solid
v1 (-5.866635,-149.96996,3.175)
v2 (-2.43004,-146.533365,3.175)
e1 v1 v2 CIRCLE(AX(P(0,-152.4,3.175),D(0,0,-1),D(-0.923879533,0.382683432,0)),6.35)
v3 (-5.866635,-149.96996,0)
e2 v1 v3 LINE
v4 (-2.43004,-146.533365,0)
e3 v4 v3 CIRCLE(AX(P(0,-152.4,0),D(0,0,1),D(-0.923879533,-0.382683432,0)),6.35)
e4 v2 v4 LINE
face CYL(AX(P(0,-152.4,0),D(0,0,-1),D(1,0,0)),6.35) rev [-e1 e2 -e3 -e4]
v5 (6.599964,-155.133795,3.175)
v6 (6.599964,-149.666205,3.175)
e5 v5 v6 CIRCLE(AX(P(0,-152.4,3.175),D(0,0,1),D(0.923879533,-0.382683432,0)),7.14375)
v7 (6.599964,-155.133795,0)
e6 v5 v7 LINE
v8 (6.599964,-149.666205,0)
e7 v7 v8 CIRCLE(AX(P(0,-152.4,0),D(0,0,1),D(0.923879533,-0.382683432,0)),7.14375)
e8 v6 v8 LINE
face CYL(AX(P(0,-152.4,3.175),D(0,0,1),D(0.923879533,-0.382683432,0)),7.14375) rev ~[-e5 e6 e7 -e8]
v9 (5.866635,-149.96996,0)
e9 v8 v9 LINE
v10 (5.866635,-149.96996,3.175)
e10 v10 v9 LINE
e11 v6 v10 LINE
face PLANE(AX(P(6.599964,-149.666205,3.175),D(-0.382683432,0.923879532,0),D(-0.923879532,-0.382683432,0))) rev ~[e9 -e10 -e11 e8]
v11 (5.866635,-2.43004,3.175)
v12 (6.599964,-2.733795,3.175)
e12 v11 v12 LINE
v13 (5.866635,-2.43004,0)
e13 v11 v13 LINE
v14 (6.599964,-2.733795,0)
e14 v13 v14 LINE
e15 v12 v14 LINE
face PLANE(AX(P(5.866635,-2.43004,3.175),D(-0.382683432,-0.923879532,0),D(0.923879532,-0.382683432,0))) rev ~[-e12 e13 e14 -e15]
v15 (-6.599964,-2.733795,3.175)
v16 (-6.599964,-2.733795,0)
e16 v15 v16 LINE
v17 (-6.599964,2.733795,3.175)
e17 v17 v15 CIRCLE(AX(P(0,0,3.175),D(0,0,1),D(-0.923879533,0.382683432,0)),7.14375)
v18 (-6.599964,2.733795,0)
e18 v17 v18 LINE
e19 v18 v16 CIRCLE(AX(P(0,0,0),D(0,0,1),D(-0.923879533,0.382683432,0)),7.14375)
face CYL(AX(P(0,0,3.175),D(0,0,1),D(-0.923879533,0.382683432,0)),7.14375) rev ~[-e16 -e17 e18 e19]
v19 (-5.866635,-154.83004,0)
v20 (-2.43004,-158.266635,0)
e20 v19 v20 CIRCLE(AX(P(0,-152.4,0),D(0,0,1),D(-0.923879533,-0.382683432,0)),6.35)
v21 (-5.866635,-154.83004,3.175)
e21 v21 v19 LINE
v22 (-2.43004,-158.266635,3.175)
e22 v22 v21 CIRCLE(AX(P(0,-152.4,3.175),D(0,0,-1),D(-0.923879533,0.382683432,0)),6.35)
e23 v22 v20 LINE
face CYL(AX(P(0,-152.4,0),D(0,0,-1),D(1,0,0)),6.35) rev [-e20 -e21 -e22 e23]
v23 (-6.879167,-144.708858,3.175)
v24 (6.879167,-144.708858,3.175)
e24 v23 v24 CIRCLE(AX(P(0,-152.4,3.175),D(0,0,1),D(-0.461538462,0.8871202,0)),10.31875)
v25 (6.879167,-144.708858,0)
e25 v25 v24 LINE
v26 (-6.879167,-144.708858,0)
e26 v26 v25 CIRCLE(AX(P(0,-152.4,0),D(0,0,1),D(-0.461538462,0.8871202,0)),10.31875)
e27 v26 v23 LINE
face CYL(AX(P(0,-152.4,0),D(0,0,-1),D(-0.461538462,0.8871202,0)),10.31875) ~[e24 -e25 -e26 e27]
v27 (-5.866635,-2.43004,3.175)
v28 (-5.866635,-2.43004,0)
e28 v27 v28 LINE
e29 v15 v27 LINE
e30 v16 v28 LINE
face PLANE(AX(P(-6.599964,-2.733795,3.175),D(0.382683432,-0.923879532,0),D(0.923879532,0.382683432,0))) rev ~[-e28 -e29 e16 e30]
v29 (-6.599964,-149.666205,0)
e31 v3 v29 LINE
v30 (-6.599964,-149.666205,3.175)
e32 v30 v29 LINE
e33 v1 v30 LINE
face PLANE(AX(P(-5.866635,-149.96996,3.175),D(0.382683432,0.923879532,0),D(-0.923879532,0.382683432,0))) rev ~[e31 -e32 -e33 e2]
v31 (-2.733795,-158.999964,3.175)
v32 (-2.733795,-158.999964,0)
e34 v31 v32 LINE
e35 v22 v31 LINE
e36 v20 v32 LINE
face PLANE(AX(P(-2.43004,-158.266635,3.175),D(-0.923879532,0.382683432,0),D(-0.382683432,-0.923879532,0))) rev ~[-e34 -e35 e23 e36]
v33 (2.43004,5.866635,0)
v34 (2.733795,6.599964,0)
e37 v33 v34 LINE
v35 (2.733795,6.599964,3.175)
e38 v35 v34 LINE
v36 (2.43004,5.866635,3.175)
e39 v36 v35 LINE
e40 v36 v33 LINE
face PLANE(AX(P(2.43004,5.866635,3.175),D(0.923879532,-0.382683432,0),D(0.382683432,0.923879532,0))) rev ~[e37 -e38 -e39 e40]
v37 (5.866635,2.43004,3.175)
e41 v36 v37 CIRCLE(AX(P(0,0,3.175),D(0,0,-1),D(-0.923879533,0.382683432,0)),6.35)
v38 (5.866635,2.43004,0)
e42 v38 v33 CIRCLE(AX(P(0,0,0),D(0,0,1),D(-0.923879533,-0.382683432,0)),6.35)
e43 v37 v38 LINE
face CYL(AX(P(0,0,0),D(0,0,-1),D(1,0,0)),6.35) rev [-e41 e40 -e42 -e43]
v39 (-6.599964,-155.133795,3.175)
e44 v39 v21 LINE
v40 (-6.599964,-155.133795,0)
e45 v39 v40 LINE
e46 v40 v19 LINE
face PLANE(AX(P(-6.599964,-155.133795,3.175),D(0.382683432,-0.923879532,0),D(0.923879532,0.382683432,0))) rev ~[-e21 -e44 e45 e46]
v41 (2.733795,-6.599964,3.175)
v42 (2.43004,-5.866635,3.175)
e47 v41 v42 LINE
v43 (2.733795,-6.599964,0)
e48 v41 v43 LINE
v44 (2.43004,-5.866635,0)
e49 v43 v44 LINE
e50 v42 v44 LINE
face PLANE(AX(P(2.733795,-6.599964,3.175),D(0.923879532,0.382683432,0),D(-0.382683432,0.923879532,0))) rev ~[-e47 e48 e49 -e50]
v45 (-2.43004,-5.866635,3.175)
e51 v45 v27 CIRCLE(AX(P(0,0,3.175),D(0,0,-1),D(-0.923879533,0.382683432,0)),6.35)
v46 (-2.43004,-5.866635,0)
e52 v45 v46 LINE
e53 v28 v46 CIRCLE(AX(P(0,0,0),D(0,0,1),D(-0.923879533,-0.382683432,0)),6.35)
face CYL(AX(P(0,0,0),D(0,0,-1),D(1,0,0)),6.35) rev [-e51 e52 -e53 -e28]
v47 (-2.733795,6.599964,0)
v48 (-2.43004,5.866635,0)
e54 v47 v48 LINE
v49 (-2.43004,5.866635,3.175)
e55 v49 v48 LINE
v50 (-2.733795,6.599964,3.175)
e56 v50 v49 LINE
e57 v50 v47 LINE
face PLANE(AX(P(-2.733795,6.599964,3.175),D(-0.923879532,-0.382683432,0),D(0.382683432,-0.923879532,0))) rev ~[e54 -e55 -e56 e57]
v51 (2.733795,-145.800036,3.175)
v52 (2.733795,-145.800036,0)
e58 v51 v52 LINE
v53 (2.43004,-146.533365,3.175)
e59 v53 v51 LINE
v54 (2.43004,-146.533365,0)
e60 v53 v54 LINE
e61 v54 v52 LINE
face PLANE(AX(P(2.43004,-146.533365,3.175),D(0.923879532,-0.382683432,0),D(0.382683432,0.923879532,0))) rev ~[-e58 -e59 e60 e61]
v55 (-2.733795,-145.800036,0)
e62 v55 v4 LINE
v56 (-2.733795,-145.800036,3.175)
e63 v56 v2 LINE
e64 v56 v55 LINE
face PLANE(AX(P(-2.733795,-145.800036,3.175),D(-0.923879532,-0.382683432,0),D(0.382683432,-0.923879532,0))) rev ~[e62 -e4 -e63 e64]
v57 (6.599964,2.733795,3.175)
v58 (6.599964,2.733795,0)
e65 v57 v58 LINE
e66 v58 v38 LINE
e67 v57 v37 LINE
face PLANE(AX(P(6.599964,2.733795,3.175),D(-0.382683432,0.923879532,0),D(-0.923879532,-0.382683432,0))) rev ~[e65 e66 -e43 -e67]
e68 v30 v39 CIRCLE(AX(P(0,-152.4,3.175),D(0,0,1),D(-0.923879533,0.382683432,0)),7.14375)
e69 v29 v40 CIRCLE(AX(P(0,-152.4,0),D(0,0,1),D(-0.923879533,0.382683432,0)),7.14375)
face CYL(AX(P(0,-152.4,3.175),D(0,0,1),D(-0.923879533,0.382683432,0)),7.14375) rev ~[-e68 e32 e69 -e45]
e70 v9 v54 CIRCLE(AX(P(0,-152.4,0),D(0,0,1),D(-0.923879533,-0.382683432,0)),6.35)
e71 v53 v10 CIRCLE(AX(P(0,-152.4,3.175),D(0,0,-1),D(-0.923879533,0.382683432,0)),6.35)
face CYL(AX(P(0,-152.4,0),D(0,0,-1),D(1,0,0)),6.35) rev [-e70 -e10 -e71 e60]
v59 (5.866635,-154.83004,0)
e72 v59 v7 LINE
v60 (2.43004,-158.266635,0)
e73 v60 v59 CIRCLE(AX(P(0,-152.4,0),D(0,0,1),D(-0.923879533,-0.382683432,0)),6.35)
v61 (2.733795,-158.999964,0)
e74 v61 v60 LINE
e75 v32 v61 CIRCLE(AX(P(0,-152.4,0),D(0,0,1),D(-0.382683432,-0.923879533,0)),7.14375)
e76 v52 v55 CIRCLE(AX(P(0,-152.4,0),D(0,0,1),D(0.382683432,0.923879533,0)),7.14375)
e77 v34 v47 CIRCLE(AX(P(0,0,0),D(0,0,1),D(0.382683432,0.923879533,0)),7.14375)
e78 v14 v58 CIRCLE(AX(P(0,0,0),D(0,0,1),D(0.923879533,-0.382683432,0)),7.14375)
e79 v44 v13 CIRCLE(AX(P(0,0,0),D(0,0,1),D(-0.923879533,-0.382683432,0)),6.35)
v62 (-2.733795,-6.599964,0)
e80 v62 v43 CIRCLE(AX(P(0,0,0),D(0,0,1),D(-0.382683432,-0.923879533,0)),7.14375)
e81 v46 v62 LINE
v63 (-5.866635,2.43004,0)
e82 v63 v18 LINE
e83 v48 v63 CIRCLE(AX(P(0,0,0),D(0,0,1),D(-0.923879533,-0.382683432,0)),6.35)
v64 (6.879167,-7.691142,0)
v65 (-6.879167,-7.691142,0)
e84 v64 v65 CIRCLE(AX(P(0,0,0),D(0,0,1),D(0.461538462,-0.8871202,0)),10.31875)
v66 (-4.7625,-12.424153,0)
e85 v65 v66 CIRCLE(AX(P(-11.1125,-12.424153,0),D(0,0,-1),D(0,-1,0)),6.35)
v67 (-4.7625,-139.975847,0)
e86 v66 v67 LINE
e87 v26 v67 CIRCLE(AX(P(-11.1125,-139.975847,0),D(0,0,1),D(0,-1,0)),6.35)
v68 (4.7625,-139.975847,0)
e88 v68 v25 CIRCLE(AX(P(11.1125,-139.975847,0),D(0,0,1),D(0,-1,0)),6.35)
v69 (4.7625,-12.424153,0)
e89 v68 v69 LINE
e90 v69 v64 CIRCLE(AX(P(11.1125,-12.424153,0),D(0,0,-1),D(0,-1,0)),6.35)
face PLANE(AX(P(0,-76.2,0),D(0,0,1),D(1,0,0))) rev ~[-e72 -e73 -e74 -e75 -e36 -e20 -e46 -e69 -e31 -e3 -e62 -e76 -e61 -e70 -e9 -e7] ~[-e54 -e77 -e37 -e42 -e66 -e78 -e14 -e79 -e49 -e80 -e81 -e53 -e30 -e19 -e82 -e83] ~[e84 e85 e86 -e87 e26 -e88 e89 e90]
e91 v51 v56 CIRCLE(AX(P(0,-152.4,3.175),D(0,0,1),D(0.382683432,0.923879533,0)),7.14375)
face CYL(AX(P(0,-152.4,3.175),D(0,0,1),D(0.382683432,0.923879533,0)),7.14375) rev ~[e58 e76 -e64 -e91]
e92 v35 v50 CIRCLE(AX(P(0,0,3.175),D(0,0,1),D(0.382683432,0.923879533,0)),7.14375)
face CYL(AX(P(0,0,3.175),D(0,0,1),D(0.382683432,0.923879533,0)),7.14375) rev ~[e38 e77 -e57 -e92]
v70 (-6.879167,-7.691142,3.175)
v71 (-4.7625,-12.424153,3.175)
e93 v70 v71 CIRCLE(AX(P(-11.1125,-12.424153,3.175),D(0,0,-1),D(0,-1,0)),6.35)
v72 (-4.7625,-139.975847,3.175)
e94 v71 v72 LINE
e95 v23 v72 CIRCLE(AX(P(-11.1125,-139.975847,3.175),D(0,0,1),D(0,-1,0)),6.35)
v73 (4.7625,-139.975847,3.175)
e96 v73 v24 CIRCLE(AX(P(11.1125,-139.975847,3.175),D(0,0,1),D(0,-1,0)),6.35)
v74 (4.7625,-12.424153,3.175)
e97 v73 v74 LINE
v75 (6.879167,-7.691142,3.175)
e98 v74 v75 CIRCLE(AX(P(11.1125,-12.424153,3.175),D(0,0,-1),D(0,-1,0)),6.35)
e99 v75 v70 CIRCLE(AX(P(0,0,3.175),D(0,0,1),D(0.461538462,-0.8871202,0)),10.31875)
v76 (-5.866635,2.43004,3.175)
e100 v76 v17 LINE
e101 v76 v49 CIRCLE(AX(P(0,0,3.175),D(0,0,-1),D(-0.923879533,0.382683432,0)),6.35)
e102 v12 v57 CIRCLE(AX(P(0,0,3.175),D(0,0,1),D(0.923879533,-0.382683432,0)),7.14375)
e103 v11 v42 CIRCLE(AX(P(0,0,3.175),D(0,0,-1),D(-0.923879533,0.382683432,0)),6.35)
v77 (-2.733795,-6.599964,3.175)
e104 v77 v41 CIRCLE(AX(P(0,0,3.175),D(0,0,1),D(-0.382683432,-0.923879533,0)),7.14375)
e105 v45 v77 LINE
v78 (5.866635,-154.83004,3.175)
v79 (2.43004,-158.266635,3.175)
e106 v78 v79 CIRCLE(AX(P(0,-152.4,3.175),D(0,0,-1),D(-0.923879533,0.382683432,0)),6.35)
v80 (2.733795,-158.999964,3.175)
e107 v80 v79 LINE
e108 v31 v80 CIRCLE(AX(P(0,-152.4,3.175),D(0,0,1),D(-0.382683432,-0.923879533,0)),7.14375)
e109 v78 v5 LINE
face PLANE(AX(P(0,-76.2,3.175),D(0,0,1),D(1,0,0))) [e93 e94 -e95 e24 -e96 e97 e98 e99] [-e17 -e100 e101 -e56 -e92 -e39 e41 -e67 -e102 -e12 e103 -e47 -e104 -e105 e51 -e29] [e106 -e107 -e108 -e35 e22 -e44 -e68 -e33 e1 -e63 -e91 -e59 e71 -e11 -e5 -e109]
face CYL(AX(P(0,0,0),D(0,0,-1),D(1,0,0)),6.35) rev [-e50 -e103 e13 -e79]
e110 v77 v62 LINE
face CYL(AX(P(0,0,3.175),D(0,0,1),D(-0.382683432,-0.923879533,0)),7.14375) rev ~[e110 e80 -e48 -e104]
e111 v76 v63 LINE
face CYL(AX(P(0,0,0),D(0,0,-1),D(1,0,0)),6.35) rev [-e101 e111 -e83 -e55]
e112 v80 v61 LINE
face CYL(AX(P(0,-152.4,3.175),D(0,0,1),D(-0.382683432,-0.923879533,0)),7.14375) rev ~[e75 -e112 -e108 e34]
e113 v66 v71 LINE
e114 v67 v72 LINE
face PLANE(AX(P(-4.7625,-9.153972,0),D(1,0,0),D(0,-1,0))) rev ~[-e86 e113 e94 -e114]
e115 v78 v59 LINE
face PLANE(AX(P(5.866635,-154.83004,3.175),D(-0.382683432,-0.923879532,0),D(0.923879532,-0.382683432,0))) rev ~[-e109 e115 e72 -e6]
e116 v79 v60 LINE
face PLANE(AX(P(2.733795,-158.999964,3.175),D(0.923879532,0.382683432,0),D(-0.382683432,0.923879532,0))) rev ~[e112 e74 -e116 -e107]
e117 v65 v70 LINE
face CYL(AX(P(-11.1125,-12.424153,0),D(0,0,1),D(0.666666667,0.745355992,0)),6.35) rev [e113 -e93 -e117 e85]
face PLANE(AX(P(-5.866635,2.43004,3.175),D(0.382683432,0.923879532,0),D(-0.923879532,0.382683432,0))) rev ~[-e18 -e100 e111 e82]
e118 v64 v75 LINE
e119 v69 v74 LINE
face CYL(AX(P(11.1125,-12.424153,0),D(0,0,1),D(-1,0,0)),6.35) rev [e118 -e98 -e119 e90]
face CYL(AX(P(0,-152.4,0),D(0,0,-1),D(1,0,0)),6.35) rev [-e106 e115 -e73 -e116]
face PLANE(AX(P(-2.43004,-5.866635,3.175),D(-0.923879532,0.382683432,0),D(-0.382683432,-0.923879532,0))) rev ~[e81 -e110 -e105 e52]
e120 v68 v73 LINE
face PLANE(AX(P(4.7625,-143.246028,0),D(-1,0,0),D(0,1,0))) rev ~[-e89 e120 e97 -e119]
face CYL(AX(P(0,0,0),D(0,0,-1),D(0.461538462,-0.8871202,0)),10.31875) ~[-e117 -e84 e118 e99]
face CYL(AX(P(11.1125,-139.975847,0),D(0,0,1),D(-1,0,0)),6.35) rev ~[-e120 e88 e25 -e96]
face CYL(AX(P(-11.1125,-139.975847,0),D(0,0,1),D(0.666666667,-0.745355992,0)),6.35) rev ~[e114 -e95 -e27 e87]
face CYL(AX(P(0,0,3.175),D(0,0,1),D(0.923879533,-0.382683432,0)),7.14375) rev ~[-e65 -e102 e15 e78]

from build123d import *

# Parameters (mm, degrees)
F0_R     = 6.35
F1_DEPTH = 3.175
F2_R     = 6.35
F4_DEPTH = 3.175
F5_COUNT = 4
F6_COUNT = 4


with BuildPart() as f1:
    # F0 (on Top) → F1 (new body)
    with BuildSketch(Plane.XY):
        with BuildLine():
            Line((4.7625, -143.2460284405), (4.7625, -9.1539715595))
            ThreePointArc((4.7625, -9.1539715595), (0, 10.31875), (-4.7625, -9.1539715595))
            Line((-4.7625, -9.1539715595), (-4.7625, -143.2460284405))
            ThreePointArc((-4.7625, -143.2460284405), (0, -162.71875), (4.7625, -143.2460284405))
        make_face()
        with Locations((0, -152.4)):
            Circle(F0_R, mode=Mode.SUBTRACT)
        Circle(F0_R, mode=Mode.SUBTRACT)
    extrude(amount=F1_DEPTH)

    # F2
    f2_edges = [f1.edges().sort_by_distance(p)[0] for p in [
        (4.7625, -9.153972, 1.5875),
        (-4.7625, -9.153972, 1.5875),
        (-4.7625, -143.246028, 1.5875),
        (4.7625, -143.246028, 1.5875),
    ]]
    fillet(f2_edges, radius=F2_R)

    # F3 (on face) → F4 (cut, through all)
    with BuildSketch(Plane.XY.offset(3.175)):
        with BuildLine():
            ThreePointArc((-5.8666350314, -154.8300397955), (-6.35, -152.4), (-5.8666350314, -149.9699602045))
            Line((-5.8666350314, -149.9699602045), (-6.5999644104, -149.66620523))
            ThreePointArc((-6.5999644104, -149.66620523), (-7.14375, -152.4), (-6.5999644104, -155.13379477))
            Line((-6.5999644104, -155.13379477), (-5.8666350314, -154.8300397955))
        make_face()
        with BuildLine():
            ThreePointArc((-5.8666350314, -2.4300397955), (-6.35, 0), (-5.8666350314, 2.4300397955))
            Line((-5.8666350314, 2.4300397955), (-6.5999644104, 2.73379477))
            ThreePointArc((-6.5999644104, 2.73379477), (-7.14375, 0), (-6.5999644104, -2.73379477))
            Line((-6.5999644104, -2.73379477), (-5.8666350314, -2.4300397955))
        make_face()
    f4 = extrude(amount=-F4_DEPTH, mode=Mode.SUBTRACT)

    # F5: F4 ×4 about axis
    f5_axis = Axis((0, -152.4, 3.175), (0, 0, 1))
    for i in range(1, F5_COUNT):
        add(f4.solids().sort_by_distance((-6.2333, -154.981917, 1.5875))[0].rotate(f5_axis, i * 360 / F5_COUNT), mode=Mode.SUBTRACT)

    # F6: F4 ×4 about axis
    f6_axis = Axis((0, 0, 3.175), (0, 0, 1))
    for i in range(1, F6_COUNT):
        add(f4.solids().sort_by_distance((-6.2333, 2.581917, 1.5875))[0].rotate(f6_axis, i * 360 / F6_COUNT), mode=Mode.SUBTRACT)


solid = f1.part
